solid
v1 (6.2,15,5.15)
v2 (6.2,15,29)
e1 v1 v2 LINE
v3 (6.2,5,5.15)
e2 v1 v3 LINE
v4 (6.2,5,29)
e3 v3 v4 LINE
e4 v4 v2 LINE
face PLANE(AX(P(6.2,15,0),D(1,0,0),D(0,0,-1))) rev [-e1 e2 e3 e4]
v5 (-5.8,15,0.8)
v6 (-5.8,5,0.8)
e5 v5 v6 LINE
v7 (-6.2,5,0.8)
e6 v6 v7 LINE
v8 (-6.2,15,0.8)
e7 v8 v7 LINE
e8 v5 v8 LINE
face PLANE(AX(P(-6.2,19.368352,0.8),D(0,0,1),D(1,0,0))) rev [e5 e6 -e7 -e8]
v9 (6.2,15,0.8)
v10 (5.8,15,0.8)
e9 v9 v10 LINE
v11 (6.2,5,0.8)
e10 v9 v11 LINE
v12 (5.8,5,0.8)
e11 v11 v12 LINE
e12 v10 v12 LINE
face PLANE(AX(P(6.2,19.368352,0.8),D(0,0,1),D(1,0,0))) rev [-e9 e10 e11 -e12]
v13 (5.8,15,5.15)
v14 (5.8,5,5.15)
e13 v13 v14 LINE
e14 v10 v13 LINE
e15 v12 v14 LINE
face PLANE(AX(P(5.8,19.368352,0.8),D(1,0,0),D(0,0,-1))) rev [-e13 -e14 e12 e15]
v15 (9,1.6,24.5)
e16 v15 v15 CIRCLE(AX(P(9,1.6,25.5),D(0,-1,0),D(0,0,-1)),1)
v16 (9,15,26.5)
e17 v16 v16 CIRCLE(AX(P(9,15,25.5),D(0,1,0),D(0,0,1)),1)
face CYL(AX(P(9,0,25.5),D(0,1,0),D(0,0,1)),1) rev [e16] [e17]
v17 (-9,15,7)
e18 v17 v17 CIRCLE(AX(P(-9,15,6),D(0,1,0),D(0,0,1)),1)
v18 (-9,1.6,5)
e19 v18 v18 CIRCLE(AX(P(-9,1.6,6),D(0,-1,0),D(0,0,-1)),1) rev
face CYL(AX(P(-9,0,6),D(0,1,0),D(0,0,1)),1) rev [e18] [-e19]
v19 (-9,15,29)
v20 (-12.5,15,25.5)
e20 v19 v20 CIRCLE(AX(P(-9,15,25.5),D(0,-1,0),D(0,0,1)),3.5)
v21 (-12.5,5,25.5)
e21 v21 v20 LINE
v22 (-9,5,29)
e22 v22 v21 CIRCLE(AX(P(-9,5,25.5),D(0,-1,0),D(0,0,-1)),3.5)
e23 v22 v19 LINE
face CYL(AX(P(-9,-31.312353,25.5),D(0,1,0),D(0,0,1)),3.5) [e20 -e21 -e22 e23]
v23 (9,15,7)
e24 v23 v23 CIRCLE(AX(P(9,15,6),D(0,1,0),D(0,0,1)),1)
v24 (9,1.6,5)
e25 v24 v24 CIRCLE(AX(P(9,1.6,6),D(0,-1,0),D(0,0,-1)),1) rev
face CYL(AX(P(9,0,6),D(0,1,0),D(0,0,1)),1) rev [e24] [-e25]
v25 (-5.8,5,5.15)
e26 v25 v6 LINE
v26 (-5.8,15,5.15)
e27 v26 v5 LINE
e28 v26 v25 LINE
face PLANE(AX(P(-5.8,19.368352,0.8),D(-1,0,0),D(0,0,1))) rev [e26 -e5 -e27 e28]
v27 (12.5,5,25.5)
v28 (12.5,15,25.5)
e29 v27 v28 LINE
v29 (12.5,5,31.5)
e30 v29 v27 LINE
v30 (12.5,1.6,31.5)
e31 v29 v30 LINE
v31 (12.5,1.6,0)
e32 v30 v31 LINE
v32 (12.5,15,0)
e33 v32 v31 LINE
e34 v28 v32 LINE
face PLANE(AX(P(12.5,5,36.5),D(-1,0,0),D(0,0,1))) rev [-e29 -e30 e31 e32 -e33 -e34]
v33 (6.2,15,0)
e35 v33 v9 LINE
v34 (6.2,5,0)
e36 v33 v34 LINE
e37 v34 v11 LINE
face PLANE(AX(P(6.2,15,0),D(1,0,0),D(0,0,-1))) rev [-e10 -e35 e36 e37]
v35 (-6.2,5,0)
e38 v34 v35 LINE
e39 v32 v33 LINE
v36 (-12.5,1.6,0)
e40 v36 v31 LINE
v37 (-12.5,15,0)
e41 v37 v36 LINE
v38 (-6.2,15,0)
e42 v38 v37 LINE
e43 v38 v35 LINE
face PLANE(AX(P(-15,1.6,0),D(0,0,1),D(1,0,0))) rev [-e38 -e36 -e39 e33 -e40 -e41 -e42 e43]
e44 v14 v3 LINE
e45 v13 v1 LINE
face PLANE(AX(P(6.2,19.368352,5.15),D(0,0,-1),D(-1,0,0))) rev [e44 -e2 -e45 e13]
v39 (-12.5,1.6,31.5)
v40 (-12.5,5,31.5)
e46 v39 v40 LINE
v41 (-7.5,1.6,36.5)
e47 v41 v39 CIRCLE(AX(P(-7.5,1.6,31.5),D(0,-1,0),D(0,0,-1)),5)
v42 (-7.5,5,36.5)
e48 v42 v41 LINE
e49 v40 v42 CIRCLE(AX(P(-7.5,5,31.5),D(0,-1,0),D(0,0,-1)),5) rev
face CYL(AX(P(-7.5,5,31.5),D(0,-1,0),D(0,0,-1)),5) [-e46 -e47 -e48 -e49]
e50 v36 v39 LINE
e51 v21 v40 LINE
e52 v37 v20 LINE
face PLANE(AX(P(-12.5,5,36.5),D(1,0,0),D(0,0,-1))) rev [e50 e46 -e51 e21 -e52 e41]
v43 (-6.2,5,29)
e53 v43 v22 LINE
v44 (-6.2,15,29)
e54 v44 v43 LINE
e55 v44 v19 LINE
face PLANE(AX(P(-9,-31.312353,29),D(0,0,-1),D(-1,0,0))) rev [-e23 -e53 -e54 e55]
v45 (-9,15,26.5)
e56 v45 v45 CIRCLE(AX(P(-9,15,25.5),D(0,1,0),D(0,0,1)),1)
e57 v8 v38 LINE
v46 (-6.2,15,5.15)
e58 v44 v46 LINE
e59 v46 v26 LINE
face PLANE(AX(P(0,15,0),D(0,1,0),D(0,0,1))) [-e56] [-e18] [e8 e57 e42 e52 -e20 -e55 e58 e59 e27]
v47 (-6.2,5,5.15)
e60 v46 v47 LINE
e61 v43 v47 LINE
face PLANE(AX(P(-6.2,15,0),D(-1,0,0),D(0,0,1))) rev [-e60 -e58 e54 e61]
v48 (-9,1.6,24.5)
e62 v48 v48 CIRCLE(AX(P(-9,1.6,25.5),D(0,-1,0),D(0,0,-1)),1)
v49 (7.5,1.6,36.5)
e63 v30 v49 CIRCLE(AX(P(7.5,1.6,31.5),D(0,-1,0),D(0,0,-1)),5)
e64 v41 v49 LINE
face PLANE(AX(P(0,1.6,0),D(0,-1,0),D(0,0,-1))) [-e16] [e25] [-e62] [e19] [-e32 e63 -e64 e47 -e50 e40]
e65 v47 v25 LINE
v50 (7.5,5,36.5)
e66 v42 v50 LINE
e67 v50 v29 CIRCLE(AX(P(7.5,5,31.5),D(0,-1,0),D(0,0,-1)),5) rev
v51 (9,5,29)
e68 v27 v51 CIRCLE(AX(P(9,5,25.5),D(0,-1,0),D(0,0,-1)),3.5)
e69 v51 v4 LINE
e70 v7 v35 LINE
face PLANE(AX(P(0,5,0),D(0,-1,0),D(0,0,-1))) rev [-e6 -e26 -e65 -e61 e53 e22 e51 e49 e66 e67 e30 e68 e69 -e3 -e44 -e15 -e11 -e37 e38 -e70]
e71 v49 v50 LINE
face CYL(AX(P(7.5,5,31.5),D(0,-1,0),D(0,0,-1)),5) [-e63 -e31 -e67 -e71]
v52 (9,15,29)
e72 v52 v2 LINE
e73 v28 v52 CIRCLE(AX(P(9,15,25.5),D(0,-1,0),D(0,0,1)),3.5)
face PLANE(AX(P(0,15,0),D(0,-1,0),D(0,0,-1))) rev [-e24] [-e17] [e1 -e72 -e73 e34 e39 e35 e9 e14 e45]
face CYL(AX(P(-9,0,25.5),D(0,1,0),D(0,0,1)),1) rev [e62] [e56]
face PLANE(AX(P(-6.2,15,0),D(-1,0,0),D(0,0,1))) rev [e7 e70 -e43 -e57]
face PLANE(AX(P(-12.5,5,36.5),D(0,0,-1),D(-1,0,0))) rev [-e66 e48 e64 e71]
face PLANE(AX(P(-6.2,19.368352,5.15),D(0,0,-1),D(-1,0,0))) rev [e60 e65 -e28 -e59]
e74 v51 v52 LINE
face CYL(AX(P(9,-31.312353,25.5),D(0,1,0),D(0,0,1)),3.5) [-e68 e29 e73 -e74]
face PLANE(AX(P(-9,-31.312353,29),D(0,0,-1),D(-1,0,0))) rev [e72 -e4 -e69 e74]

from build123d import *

# Parameters (mm, degrees)
SKETCH1_W           = 30
SKETCH1_H           = 12.5
BOSS_EXTRUDE1_DEPTH = 1.6
SKETCH2_W           = 25
SKETCH2_H           = 36.5
BOSS_EXTRUDE2_DEPTH = 3.4
SKETCH3_W           = 6.3
SKETCH3_H           = 30
BOSS_EXTRUDE3_DEPTH = 10
FILLET1_R           = 5
SKETCH4_R           = 1
CUT_EXTRUDE1_DEPTH  = 16
CUT_EXTRUDE2_DEPTH  = 10
SKETCH9_W           = 0.4
SKETCH9_H           = 4.35
BOSS_EXTRUDE4_DEPTH = 10
SKETCH10_R          = 1
CUT_EXTRUDE3_DEPTH  = 16
SKETCH11_W          = 36.216016417
SKETCH11_H          = 16.907618384
CUT_EXTRUDE4_DEPTH  = 1.6


with BuildPart() as part:
    # Sketch1 → Boss-Extrude1 (new body)
    with BuildSketch(Plane(origin=(0, 0, 0), x_dir=(1, 0, 0), z_dir=(0, 1, 0))):
        with Locations((0, -6.25)):
            Rectangle(SKETCH1_W, SKETCH1_H)
    extrude(amount=BOSS_EXTRUDE1_DEPTH)

    # Sketch2 → Boss-Extrude2 (add)
    with BuildSketch(Plane(origin=(0, 1.6, 0), x_dir=(1, 0, 0), z_dir=(0, 1, 0))):
        with Locations((0, -18.25)):
            Rectangle(SKETCH2_W, SKETCH2_H)
    extrude(amount=BOSS_EXTRUDE2_DEPTH)

    # Sketch3 → Boss-Extrude3 (add)
    with BuildSketch(Plane(origin=(0, 5, 0), x_dir=(1, 0, 0), z_dir=(0, 1, 0))):
        with Locations((-9.35, -15)):
            Rectangle(SKETCH3_W, SKETCH3_H)
        with Locations((9.35, -15)):
            Rectangle(SKETCH3_W, SKETCH3_H)
    extrude(amount=BOSS_EXTRUDE3_DEPTH)

    # Fillet1
    fillet1_edges = [part.edges().sort_by_distance(p)[0] for p in [
        (12.5, 3.3, 36.5),
        (-12.5, 3.3, 36.5),
    ]]
    fillet(fillet1_edges, radius=FILLET1_R)

    # Sketch4 → Cut-Extrude1 (cut, through all)
    with BuildSketch(Plane(origin=(0, 15, 0), x_dir=(1, 0, 0), z_dir=(0, 1, 0))):
        with Locations((-9, -25.5)):
            Circle(SKETCH4_R)
        with Locations((9, -25.5)):
            Circle(SKETCH4_R)
    extrude(amount=-CUT_EXTRUDE1_DEPTH, mode=Mode.SUBTRACT)

    # Sketch5 → Cut-Extrude2 (cut)
    with BuildSketch(Plane(origin=(0, 15, 0), x_dir=(1, 0, 0), z_dir=(0, 1, 0))):
        with BuildLine():
            Line((-9, -29), (9, -29))
            ThreePointArc((9, -29), (11.474873734, -27.974873734), (12.5, -25.5))
            Line((12.5, -25.5), (17.216027855, -25.5))
            Line((17.216027855, -25.5), (17.216027855, -35.629206005))
            Line((17.216027855, -35.629206005), (-17.65496497, -35.320310993))
            Line((-17.65496497, -35.320310993), (-17.65496497, -25.5))
            Line((-17.65496497, -25.5), (-12.5, -25.5))
            ThreePointArc((-12.5, -25.5), (-11.474873734, -27.974873734), (-9, -29))
        make_face()
    extrude(amount=-CUT_EXTRUDE2_DEPTH, mode=Mode.SUBTRACT)

    # Sketch9 → Boss-Extrude4 (add)
    with BuildSketch(Plane(origin=(0, 5, 0), x_dir=(1, 0, 0), z_dir=(0, 1, 0))):
        with Locations((-6, -2.975)):
            Rectangle(SKETCH9_W, SKETCH9_H)
        with Locations((6, -2.975)):
            Rectangle(SKETCH9_W, SKETCH9_H)
    extrude(amount=BOSS_EXTRUDE4_DEPTH)

    # Sketch10 → Cut-Extrude3 (cut, through all)
    with BuildSketch(Plane(origin=(0, 15, 0), x_dir=(1, 0, 0), z_dir=(0, 1, 0))):
        with Locations((-9, -6)):
            Circle(SKETCH10_R)
        with Locations((9, -6)):
            Circle(SKETCH10_R)
    extrude(amount=-CUT_EXTRUDE3_DEPTH, mode=Mode.SUBTRACT)

    # Sketch11 → Cut-Extrude4 (cut)
    with BuildSketch(Plane.XZ):
        with Locations((-0.332022718, 6.399318006)):
            Rectangle(SKETCH11_W, SKETCH11_H)
    extrude(amount=-CUT_EXTRUDE4_DEPTH, mode=Mode.SUBTRACT)


solid = part.part
